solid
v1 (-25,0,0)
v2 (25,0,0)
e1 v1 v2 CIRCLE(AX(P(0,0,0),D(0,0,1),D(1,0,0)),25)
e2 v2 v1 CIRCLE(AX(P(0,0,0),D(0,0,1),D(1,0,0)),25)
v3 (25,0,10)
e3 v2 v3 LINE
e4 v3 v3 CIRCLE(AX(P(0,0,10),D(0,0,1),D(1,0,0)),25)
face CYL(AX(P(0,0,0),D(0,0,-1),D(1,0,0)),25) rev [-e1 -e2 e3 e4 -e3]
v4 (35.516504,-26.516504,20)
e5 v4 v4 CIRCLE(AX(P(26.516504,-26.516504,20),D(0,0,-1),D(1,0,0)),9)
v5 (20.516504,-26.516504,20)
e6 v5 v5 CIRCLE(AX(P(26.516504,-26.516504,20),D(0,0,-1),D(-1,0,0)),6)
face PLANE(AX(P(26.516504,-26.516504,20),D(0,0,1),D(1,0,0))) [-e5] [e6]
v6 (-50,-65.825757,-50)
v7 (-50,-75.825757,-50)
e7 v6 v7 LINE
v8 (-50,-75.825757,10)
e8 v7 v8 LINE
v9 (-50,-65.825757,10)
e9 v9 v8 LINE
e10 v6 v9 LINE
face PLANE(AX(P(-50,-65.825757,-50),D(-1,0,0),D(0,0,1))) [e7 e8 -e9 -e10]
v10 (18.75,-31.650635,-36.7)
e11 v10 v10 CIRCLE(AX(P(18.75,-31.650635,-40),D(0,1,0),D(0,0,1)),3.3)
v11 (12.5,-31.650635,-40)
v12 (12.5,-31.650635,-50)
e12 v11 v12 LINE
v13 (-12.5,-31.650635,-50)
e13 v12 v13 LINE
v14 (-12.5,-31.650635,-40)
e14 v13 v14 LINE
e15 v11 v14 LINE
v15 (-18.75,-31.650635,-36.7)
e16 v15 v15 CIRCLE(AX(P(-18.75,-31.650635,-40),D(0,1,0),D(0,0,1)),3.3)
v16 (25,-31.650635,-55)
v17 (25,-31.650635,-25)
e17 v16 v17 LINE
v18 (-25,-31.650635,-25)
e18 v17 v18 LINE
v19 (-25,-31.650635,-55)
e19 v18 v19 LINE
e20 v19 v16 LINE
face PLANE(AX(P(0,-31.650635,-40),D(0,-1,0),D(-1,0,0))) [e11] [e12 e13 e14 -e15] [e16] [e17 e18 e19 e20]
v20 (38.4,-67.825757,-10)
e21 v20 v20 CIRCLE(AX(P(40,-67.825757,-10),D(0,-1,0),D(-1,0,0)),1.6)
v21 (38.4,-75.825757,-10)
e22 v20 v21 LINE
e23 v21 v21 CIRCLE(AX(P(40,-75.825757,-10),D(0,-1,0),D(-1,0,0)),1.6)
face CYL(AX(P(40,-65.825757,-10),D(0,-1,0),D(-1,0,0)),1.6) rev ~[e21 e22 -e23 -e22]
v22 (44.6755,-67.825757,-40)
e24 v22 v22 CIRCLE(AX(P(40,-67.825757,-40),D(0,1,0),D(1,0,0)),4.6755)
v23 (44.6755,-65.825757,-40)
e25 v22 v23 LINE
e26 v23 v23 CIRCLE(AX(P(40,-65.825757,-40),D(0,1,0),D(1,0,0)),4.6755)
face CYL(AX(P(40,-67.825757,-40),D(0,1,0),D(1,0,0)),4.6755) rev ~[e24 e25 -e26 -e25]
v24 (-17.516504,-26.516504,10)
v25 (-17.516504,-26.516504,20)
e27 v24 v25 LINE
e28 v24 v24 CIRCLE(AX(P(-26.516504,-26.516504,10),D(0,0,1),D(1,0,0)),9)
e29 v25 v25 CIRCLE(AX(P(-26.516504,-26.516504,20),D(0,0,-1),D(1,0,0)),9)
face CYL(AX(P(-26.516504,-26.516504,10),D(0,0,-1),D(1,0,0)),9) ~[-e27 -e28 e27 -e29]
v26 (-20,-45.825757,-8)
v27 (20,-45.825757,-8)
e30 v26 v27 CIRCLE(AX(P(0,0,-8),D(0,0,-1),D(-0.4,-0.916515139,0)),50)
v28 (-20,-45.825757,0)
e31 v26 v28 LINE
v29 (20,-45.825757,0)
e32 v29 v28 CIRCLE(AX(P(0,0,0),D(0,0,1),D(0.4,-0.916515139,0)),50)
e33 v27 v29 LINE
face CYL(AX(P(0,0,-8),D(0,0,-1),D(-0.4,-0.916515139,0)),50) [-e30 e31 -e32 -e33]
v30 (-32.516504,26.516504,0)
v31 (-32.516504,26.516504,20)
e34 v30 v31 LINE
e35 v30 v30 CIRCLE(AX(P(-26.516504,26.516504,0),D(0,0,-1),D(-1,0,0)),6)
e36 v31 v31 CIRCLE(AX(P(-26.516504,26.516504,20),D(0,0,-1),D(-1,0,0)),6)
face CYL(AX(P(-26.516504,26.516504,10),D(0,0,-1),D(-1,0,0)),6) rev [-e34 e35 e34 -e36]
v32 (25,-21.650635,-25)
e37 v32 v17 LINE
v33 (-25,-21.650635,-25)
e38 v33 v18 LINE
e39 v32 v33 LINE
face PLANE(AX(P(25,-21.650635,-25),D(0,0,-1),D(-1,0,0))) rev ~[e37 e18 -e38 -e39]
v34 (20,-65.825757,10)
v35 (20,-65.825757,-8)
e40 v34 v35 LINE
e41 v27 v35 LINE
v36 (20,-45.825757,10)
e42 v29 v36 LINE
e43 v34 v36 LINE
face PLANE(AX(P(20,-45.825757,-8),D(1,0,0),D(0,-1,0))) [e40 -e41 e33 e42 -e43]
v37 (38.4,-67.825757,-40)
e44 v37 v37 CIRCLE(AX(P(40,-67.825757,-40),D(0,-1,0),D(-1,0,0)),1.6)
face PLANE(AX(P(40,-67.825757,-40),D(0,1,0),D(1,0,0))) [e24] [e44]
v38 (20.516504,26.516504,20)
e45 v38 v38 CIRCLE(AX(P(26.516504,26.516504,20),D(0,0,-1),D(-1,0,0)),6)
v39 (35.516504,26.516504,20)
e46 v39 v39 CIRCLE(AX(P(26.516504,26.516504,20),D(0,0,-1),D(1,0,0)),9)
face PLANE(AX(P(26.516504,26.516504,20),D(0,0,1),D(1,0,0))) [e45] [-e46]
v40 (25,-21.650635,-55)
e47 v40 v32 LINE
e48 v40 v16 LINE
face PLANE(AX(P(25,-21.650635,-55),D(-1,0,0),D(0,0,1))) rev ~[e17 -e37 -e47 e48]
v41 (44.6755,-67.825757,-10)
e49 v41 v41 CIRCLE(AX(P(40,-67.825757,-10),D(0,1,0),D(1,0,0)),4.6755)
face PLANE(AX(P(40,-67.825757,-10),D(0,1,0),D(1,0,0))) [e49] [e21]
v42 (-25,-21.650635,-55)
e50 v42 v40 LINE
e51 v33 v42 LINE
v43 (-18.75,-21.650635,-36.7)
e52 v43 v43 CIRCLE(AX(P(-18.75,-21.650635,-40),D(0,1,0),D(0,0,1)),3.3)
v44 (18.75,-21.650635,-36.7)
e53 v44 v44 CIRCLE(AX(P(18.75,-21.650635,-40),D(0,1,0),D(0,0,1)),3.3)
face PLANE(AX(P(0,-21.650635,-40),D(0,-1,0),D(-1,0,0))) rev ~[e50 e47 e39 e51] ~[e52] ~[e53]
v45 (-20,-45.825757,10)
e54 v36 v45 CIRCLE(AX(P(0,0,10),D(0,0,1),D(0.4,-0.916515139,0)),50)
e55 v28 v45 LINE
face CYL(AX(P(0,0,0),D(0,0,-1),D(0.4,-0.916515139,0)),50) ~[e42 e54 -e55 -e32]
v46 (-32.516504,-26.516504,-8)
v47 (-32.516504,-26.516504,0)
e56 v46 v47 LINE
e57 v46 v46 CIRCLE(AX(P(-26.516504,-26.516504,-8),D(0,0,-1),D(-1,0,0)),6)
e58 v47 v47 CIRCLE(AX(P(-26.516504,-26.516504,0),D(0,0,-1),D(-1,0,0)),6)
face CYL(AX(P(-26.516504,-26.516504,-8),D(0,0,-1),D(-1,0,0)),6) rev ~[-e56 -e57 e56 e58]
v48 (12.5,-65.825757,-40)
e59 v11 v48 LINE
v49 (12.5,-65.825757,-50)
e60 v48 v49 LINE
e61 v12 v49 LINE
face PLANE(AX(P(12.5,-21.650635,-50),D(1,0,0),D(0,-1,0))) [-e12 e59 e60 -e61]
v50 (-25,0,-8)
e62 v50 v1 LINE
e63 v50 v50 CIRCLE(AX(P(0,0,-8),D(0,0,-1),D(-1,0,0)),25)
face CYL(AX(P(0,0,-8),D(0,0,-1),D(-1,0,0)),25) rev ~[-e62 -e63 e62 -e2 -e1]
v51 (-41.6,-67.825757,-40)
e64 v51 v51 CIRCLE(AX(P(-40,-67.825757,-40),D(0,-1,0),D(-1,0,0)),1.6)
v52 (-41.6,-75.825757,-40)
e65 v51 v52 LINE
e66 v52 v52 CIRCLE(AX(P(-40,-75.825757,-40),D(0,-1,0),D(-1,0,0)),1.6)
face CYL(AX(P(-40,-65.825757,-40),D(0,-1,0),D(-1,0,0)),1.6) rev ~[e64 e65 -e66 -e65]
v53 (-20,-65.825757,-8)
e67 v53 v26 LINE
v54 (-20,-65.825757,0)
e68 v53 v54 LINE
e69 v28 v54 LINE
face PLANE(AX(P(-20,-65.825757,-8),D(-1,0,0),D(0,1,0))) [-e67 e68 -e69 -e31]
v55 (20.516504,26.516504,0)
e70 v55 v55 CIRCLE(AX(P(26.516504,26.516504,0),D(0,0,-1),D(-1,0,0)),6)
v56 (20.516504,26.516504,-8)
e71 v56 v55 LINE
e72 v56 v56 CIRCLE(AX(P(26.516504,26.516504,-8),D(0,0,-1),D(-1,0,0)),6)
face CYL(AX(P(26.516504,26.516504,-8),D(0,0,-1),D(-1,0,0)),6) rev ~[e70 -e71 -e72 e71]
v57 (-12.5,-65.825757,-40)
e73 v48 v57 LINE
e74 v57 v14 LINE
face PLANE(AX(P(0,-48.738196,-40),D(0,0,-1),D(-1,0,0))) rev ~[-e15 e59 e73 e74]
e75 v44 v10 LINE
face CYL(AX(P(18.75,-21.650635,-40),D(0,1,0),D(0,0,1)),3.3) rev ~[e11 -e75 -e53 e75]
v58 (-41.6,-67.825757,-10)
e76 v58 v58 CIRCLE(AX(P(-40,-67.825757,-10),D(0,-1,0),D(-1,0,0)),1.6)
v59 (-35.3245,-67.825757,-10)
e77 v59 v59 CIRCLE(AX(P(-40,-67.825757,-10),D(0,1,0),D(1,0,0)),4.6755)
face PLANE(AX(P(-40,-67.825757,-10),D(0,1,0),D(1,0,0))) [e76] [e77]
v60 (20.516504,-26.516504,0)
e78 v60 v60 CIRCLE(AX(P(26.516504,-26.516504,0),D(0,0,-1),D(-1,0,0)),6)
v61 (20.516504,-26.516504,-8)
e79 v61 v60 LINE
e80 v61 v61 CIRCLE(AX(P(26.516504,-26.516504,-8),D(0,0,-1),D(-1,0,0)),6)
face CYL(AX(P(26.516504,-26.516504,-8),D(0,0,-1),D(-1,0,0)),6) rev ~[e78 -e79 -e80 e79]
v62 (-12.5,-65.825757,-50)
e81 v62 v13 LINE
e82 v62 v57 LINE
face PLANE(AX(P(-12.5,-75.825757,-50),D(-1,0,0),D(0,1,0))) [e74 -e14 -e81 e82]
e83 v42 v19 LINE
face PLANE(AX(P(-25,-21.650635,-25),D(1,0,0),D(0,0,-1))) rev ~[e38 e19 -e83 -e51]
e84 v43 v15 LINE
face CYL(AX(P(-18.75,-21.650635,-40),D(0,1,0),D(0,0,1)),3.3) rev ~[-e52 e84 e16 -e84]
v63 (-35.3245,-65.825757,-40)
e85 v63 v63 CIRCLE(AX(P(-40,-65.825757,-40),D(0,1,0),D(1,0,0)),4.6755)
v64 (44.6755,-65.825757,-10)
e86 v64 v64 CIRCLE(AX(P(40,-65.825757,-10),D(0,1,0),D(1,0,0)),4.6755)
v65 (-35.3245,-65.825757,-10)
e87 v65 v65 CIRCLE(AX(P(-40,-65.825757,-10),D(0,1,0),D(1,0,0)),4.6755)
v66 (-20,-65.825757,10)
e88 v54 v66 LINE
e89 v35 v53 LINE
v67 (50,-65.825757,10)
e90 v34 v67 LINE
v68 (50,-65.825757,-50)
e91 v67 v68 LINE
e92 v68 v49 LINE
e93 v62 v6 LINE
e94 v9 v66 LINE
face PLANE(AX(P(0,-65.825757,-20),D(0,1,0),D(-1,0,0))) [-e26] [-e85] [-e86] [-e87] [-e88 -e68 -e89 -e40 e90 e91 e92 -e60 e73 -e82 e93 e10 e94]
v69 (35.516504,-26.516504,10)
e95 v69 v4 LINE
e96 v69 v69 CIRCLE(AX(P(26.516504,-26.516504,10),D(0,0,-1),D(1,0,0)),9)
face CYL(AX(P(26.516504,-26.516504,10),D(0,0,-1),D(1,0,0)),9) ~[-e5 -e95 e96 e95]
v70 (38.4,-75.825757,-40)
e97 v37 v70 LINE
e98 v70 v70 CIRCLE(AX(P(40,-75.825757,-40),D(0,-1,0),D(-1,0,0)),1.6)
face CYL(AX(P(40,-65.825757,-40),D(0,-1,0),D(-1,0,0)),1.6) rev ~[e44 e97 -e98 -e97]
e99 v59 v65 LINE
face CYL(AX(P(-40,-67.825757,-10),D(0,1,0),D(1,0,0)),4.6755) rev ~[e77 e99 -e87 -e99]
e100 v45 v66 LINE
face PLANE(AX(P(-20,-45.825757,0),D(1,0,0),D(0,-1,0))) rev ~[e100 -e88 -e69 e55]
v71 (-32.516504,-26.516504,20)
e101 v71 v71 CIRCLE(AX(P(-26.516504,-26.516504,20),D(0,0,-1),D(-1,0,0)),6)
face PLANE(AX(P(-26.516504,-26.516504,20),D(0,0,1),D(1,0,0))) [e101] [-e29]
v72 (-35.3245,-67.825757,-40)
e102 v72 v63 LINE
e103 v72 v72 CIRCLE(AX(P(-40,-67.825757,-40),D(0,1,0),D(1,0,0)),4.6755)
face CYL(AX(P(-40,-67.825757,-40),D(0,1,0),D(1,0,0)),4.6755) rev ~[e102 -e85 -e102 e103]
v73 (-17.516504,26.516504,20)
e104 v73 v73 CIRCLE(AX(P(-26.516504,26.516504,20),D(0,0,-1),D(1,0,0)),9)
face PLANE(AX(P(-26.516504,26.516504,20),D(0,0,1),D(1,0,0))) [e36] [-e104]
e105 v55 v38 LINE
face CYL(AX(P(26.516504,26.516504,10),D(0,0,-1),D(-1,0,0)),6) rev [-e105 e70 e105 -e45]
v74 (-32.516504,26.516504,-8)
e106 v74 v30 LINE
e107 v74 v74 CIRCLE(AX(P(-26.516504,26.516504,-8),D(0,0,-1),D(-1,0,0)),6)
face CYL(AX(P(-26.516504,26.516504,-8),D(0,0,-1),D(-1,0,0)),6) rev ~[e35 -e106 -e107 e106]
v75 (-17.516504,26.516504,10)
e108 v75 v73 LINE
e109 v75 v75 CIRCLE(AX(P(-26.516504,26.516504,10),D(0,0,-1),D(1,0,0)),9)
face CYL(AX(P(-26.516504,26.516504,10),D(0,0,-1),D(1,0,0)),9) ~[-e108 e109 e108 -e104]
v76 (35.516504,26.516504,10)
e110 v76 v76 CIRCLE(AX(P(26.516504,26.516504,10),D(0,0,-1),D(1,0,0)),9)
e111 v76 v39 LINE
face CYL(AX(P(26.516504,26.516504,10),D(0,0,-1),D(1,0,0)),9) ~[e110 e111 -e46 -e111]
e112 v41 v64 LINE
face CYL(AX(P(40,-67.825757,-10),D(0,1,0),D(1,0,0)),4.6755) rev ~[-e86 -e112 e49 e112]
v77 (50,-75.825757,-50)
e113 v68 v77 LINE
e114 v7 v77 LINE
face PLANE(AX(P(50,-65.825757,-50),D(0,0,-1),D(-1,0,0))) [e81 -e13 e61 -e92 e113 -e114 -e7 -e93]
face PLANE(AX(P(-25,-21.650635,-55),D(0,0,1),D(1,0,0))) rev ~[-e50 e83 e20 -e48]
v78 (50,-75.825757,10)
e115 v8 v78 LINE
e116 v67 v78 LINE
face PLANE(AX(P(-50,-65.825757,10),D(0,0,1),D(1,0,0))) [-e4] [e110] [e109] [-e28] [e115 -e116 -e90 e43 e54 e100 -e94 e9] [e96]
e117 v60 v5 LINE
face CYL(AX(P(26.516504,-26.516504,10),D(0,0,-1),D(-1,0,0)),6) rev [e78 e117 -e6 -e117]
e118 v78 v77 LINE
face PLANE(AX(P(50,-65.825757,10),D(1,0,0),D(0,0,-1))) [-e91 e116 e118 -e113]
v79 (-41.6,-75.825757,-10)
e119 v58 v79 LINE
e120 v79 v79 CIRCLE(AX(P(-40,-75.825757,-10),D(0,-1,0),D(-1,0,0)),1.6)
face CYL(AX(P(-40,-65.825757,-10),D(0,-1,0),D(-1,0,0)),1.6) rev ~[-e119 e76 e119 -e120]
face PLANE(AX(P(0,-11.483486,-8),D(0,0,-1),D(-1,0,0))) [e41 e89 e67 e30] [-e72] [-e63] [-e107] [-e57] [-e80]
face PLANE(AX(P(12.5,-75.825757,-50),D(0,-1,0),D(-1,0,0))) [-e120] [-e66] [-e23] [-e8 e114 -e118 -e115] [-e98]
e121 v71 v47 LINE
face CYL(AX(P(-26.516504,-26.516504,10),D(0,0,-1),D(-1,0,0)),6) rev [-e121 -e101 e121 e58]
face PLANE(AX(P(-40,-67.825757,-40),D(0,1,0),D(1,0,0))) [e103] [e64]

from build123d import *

# Parameters (mm, degrees)
SKETCH1_R                                    = 24.999999999999996
BOSS_EXTRUDE1_DEPTH                          = 10
BOSS_EXTRUDE2_DEPTH                          = 10
BOSS_EXTRUDE3_DEPTH                          = 10
BOSS_EXTRUDE4_DEPTH                          = 10
CUT_EXTRUDE1_REACH                           = 108.182
SKETCH5_R                                    = 6.000000000000003
SKETCH5_R_2                                  = 5.999999999999995
SKETCH5_R_3                                  = 5.999999999999999
SKETCH6_R                                    = 8.999999999999996
SKETCH6_R_2                                  = 5.999999999999995
SKETCH6_R_3                                  = 5.999999999999988
SKETCH6_R_4                                  = 9
SKETCH6_R_5                                  = 5.999999999999991
BOSS_EXTRUDE5_DEPTH                          = 10
CBORE_FOR_M3_HEX_HEAD_CAP_SCREW1_D           = 3.2
CBORE_FOR_M3_HEX_HEAD_CAP_SCREW1_CBORE_D     = 9.351
CBORE_FOR_M3_HEX_HEAD_CAP_SCREW1_CBORE_DEPTH = 2
CUT_EXTRUDE2_REACH                           = 105.242
SKETCH12_R                                   = 3.3000000000000003
CIRPATTERN1_COUNT                            = 4
BOSS_EXTRUDE6_START                          = 8
SKETCH13_R                                   = 6.000000000000003
SKETCH13_R_2                                 = 5.999999999999995
SKETCH13_R_3                                 = 5.999999999999999
SKETCH13_R_4                                 = 25
BOSS_EXTRUDE6_DEPTH                          = 8


with BuildPart() as part:
    # Sketch1 → Boss-Extrude1 (new body)
    # profile 1 of 3: a face of its own
    with BuildSketch(Plane.XY):
        with BuildLine():
            ThreePointArc((50, 0), (-27.386127875258286, 41.83300132670379), (-20.00000000000004, -45.82575694955838))
            Line((-20.000000000000004, -45.82575694955839), (20.000000000000004, -45.82575694955839))
            ThreePointArc((19.999999999999986, -45.825756949558404), (41.83300132670376, -27.38612787525834), (50, -1.225e-14))
        make_face()
        Circle(SKETCH1_R, mode=Mode.SUBTRACT)
    # profile 2 of 3: a face of its own
    with BuildSketch(Plane.XY):
        with BuildLine():
            ThreePointArc((19.999999999999986, -45.825756949558404), (-9.18e-15, -50), (-20.00000000000004, -45.82575694955838))
            Line((-20.000000000000004, -45.82575694955839), (-20, -65.82575694955838))
            Line((-20, -65.82575694955838), (20, -65.82575694955838))
            Line((20, -65.82575694955838), (20.000000000000004, -45.82575694955839))
        make_face()
    # profile 3 of 3: a face of its own
    with BuildSketch(Plane.XY):
        with BuildLine():
            Line((20.000000000000004, -45.82575694955839), (-20.000000000000004, -45.82575694955839))
            ThreePointArc((-20.00000000000004, -45.82575694955838), (-9.18e-15, -50), (19.999999999999986, -45.825756949558404))
        make_face()
    extrude(amount=BOSS_EXTRUDE1_DEPTH)

    # Sketch2 → Boss-Extrude2 (add)
    with BuildSketch(Plane.XZ.offset(65.82575694955838)):
        Polygon((-50, 10), (50, 10), (50.00000000000002, -49.99999999999999), (-49.999999999999986, -49.99999999999999), align=None)
    extrude(amount=BOSS_EXTRUDE2_DEPTH)

    # Sketch3 → Boss-Extrude3 (add)
    with BuildSketch(Plane(origin=(0, 0, -49.99999999999999), x_dir=(-1, 0, 0), z_dir=(0, 0, -1))):
        Polygon((-12.499999999999993, -75.82575694955838), (12.500000000000007, -75.82575694955838), (12.5, -21.65063509461097), (-12.5, -21.65063509461097), align=None)
    extrude(amount=-BOSS_EXTRUDE3_DEPTH)

    # Sketch4 → Boss-Extrude4 (add)
    with BuildSketch(Plane(origin=(0, -21.65063509461097, 0), x_dir=(1, 0, 0), z_dir=(0, 1, 0))):
        Polygon((-25, 24.999999999999996), (-24.999999999999996, 54.99999999999999), (25.000000000000007, 55), (25, 24.999999999999996), align=None)
    extrude(amount=-BOSS_EXTRUDE4_DEPTH)

    # Sketch5 → Cut-Extrude1 (cut, up to next)
    with BuildSketch(Plane(origin=(0, 0, 0), x_dir=(-1, 0, 0), z_dir=(0, 0, -1)), mode=Mode.PRIVATE) as cut_extrude1_sk1:
        with Locations((-26.516504294495405, 26.51650429449565)):
            Circle(SKETCH5_R)
    cut_extrude1_tool1 = extrude(cut_extrude1_sk1.sketch, amount=-CUT_EXTRUDE1_REACH, mode=Mode.PRIVATE) & part.part
    # Sketch5 → Cut-Extrude1 (cut, up to next)
    with BuildSketch(Plane(origin=(0, 0, 0), x_dir=(-1, 0, 0), z_dir=(0, 0, -1)), mode=Mode.PRIVATE) as cut_extrude1_sk2:
        with Locations((26.516504294495764, 26.5165042944953)):
            Circle(SKETCH5_R_2)
    cut_extrude1_tool2 = extrude(cut_extrude1_sk2.sketch, amount=-CUT_EXTRUDE1_REACH, mode=Mode.PRIVATE) & part.part
    # Sketch5 → Cut-Extrude1 (cut, up to next)
    with BuildSketch(Plane(origin=(0, 0, 0), x_dir=(-1, 0, 0), z_dir=(0, 0, -1)), mode=Mode.PRIVATE) as cut_extrude1_sk3:
        with Locations((26.516504294495217, -26.516504294495856)):
            Circle(SKETCH5_R)
    cut_extrude1_tool3 = extrude(cut_extrude1_sk3.sketch, amount=-CUT_EXTRUDE1_REACH, mode=Mode.PRIVATE) & part.part
    # Sketch5 → Cut-Extrude1 (cut, up to next)
    with BuildSketch(Plane(origin=(0, 0, 0), x_dir=(-1, 0, 0), z_dir=(0, 0, -1)), mode=Mode.PRIVATE) as cut_extrude1_sk4:
        with Locations((-26.516504294495945, -26.516504294495114)):
            Circle(SKETCH5_R_3)
    cut_extrude1_tool4 = extrude(cut_extrude1_sk4.sketch, amount=-CUT_EXTRUDE1_REACH, mode=Mode.PRIVATE) & part.part
    add(cut_extrude1_tool1.solids().sort_by_distance((26.516504, 26.516504, 0))[0], mode=Mode.SUBTRACT)
    add(cut_extrude1_tool2.solids().sort_by_distance((-26.516504, 26.516504, 0))[0], mode=Mode.SUBTRACT)
    add(cut_extrude1_tool3.solids().sort_by_distance((-26.516504, -26.516504, 0))[0], mode=Mode.SUBTRACT)
    add(cut_extrude1_tool4.solids().sort_by_distance((26.516504, -26.516504, 0))[0], mode=Mode.SUBTRACT)

    # Sketch6 → Boss-Extrude5 (add)
    # profile 1 of 4: a face of its own
    with BuildSketch(Plane.XY.offset(10)):
        with Locations((-26.516504294495764, 26.5165042944953)):
            Circle(SKETCH6_R)
        with Locations(Location((-26.516504294495764, 26.5165042944953, 0), (0, 0, 180))):
            Circle(SKETCH6_R_2, mode=Mode.SUBTRACT)
    # profile 2 of 4: a face of its own
    with BuildSketch(Plane.XY.offset(10)):
        with Locations((26.516504294495398, 26.51650429449567)):
            Circle(SKETCH6_R)
        with Locations(Location((26.516504294495398, 26.51650429449567, 0), (0, 0, 180))):
            Circle(SKETCH6_R_3, mode=Mode.SUBTRACT)
    # profile 3 of 4: a face of its own
    with BuildSketch(Plane.XY.offset(10)):
        with Locations((26.516504294495572, -26.51650429449549)):
            Circle(SKETCH6_R_4)
        with Locations(Location((26.516504294495572, -26.51650429449549, 0), (0, 0, 180))):
            Circle(SKETCH6_R_5, mode=Mode.SUBTRACT)
    # profile 4 of 4: a face of its own
    with BuildSketch(Plane.XY.offset(10)):
        with Locations((-26.516504294495576, -26.516504294495487)):
            Circle(SKETCH6_R)
        with Locations(Location((-26.516504294495576, -26.516504294495487, 0), (0, 0, 180))):
            Circle(SKETCH6_R_2, mode=Mode.SUBTRACT)
    boss_extrude5 = extrude(amount=BOSS_EXTRUDE5_DEPTH)

    # CBORE for M3 Hex Head Cap Screw1 (through all)
    with Locations(Plane(origin=(0, -65.82575694955838, 0), x_dir=(1, 0, 0), z_dir=(0, 1, 0))):
        with Locations((-40, 40), (40, 40), (40, 10), (-40, 10)):
            CounterBoreHole(CBORE_FOR_M3_HEX_HEAD_CAP_SCREW1_D / 2, CBORE_FOR_M3_HEX_HEAD_CAP_SCREW1_CBORE_D / 2, CBORE_FOR_M3_HEX_HEAD_CAP_SCREW1_CBORE_DEPTH)

    # Sketch12 → Cut-Extrude2 (cut, up to next)
    with BuildSketch(Plane(origin=(0, -21.65063509461097, 0), x_dir=(1, 0, 0), z_dir=(0, 1, 0)), mode=Mode.PRIVATE) as cut_extrude2_sk1:
        with Locations(Location((-18.75, 39.99999999999999, 0), (0, 0, 270))):
            Circle(SKETCH12_R)
    cut_extrude2_tool1 = extrude(cut_extrude2_sk1.sketch, amount=-CUT_EXTRUDE2_REACH, mode=Mode.PRIVATE) & part.part
    # Sketch12 → Cut-Extrude2 (cut, up to next)
    with BuildSketch(Plane(origin=(0, -21.65063509461097, 0), x_dir=(1, 0, 0), z_dir=(0, 1, 0)), mode=Mode.PRIVATE) as cut_extrude2_sk2:
        with Locations(Location((18.750000000000004, 39.99999999999999, 0), (0, 0, 270))):
            Circle(SKETCH12_R)
    cut_extrude2_tool2 = extrude(cut_extrude2_sk2.sketch, amount=-CUT_EXTRUDE2_REACH, mode=Mode.PRIVATE) & part.part
    add(cut_extrude2_tool1.solids().sort_by_distance((-18.75, -21.650635, -40))[0], mode=Mode.SUBTRACT)
    add(cut_extrude2_tool2.solids().sort_by_distance((18.75, -21.650635, -40))[0], mode=Mode.SUBTRACT)

    # CirPattern1: Boss-Extrude5 ×4 about axis
    cirpattern1_axis = Axis((0, 0, 10), (0, 0, -1))
    for i in range(1, CIRPATTERN1_COUNT):
        add(boss_extrude5.rotate(cirpattern1_axis, i * 360 / CIRPATTERN1_COUNT))

    # Sketch13 → Boss-Extrude6 (add)
    with BuildSketch(Plane(origin=(0, 0, 0), x_dir=(-1, 0, 0), z_dir=(0, 0, -1)).offset(BOSS_EXTRUDE6_START)):
        with BuildLine():
            Line((-20.00000000000004, -45.825756949558375), (-20, -65.82575694955838))
            Line((-20, -65.82575694955838), (20, -65.82575694955838))
            Line((20, -65.82575694955838), (19.999999999999982, -45.8257569495584))
            ThreePointArc((19.999999999999982, -45.8257569495584), (3.637e-14, 49.99999999999999), (-20.00000000000004, -45.825756949558375))
        make_face()
        with Locations((26.516504294495217, -26.516504294495856)):
            Circle(SKETCH13_R, mode=Mode.SUBTRACT)
        with Locations((26.516504294495764, 26.5165042944953)):
            Circle(SKETCH13_R_2, mode=Mode.SUBTRACT)
        with Locations((-26.516504294495945, -26.516504294495114)):
            Circle(SKETCH13_R_3, mode=Mode.SUBTRACT)
        with Locations((-26.516504294495405, 26.51650429449565)):
            Circle(SKETCH13_R, mode=Mode.SUBTRACT)
        Circle(SKETCH13_R_4, mode=Mode.SUBTRACT)
    extrude(amount=-BOSS_EXTRUDE6_DEPTH)


solid = part.part
